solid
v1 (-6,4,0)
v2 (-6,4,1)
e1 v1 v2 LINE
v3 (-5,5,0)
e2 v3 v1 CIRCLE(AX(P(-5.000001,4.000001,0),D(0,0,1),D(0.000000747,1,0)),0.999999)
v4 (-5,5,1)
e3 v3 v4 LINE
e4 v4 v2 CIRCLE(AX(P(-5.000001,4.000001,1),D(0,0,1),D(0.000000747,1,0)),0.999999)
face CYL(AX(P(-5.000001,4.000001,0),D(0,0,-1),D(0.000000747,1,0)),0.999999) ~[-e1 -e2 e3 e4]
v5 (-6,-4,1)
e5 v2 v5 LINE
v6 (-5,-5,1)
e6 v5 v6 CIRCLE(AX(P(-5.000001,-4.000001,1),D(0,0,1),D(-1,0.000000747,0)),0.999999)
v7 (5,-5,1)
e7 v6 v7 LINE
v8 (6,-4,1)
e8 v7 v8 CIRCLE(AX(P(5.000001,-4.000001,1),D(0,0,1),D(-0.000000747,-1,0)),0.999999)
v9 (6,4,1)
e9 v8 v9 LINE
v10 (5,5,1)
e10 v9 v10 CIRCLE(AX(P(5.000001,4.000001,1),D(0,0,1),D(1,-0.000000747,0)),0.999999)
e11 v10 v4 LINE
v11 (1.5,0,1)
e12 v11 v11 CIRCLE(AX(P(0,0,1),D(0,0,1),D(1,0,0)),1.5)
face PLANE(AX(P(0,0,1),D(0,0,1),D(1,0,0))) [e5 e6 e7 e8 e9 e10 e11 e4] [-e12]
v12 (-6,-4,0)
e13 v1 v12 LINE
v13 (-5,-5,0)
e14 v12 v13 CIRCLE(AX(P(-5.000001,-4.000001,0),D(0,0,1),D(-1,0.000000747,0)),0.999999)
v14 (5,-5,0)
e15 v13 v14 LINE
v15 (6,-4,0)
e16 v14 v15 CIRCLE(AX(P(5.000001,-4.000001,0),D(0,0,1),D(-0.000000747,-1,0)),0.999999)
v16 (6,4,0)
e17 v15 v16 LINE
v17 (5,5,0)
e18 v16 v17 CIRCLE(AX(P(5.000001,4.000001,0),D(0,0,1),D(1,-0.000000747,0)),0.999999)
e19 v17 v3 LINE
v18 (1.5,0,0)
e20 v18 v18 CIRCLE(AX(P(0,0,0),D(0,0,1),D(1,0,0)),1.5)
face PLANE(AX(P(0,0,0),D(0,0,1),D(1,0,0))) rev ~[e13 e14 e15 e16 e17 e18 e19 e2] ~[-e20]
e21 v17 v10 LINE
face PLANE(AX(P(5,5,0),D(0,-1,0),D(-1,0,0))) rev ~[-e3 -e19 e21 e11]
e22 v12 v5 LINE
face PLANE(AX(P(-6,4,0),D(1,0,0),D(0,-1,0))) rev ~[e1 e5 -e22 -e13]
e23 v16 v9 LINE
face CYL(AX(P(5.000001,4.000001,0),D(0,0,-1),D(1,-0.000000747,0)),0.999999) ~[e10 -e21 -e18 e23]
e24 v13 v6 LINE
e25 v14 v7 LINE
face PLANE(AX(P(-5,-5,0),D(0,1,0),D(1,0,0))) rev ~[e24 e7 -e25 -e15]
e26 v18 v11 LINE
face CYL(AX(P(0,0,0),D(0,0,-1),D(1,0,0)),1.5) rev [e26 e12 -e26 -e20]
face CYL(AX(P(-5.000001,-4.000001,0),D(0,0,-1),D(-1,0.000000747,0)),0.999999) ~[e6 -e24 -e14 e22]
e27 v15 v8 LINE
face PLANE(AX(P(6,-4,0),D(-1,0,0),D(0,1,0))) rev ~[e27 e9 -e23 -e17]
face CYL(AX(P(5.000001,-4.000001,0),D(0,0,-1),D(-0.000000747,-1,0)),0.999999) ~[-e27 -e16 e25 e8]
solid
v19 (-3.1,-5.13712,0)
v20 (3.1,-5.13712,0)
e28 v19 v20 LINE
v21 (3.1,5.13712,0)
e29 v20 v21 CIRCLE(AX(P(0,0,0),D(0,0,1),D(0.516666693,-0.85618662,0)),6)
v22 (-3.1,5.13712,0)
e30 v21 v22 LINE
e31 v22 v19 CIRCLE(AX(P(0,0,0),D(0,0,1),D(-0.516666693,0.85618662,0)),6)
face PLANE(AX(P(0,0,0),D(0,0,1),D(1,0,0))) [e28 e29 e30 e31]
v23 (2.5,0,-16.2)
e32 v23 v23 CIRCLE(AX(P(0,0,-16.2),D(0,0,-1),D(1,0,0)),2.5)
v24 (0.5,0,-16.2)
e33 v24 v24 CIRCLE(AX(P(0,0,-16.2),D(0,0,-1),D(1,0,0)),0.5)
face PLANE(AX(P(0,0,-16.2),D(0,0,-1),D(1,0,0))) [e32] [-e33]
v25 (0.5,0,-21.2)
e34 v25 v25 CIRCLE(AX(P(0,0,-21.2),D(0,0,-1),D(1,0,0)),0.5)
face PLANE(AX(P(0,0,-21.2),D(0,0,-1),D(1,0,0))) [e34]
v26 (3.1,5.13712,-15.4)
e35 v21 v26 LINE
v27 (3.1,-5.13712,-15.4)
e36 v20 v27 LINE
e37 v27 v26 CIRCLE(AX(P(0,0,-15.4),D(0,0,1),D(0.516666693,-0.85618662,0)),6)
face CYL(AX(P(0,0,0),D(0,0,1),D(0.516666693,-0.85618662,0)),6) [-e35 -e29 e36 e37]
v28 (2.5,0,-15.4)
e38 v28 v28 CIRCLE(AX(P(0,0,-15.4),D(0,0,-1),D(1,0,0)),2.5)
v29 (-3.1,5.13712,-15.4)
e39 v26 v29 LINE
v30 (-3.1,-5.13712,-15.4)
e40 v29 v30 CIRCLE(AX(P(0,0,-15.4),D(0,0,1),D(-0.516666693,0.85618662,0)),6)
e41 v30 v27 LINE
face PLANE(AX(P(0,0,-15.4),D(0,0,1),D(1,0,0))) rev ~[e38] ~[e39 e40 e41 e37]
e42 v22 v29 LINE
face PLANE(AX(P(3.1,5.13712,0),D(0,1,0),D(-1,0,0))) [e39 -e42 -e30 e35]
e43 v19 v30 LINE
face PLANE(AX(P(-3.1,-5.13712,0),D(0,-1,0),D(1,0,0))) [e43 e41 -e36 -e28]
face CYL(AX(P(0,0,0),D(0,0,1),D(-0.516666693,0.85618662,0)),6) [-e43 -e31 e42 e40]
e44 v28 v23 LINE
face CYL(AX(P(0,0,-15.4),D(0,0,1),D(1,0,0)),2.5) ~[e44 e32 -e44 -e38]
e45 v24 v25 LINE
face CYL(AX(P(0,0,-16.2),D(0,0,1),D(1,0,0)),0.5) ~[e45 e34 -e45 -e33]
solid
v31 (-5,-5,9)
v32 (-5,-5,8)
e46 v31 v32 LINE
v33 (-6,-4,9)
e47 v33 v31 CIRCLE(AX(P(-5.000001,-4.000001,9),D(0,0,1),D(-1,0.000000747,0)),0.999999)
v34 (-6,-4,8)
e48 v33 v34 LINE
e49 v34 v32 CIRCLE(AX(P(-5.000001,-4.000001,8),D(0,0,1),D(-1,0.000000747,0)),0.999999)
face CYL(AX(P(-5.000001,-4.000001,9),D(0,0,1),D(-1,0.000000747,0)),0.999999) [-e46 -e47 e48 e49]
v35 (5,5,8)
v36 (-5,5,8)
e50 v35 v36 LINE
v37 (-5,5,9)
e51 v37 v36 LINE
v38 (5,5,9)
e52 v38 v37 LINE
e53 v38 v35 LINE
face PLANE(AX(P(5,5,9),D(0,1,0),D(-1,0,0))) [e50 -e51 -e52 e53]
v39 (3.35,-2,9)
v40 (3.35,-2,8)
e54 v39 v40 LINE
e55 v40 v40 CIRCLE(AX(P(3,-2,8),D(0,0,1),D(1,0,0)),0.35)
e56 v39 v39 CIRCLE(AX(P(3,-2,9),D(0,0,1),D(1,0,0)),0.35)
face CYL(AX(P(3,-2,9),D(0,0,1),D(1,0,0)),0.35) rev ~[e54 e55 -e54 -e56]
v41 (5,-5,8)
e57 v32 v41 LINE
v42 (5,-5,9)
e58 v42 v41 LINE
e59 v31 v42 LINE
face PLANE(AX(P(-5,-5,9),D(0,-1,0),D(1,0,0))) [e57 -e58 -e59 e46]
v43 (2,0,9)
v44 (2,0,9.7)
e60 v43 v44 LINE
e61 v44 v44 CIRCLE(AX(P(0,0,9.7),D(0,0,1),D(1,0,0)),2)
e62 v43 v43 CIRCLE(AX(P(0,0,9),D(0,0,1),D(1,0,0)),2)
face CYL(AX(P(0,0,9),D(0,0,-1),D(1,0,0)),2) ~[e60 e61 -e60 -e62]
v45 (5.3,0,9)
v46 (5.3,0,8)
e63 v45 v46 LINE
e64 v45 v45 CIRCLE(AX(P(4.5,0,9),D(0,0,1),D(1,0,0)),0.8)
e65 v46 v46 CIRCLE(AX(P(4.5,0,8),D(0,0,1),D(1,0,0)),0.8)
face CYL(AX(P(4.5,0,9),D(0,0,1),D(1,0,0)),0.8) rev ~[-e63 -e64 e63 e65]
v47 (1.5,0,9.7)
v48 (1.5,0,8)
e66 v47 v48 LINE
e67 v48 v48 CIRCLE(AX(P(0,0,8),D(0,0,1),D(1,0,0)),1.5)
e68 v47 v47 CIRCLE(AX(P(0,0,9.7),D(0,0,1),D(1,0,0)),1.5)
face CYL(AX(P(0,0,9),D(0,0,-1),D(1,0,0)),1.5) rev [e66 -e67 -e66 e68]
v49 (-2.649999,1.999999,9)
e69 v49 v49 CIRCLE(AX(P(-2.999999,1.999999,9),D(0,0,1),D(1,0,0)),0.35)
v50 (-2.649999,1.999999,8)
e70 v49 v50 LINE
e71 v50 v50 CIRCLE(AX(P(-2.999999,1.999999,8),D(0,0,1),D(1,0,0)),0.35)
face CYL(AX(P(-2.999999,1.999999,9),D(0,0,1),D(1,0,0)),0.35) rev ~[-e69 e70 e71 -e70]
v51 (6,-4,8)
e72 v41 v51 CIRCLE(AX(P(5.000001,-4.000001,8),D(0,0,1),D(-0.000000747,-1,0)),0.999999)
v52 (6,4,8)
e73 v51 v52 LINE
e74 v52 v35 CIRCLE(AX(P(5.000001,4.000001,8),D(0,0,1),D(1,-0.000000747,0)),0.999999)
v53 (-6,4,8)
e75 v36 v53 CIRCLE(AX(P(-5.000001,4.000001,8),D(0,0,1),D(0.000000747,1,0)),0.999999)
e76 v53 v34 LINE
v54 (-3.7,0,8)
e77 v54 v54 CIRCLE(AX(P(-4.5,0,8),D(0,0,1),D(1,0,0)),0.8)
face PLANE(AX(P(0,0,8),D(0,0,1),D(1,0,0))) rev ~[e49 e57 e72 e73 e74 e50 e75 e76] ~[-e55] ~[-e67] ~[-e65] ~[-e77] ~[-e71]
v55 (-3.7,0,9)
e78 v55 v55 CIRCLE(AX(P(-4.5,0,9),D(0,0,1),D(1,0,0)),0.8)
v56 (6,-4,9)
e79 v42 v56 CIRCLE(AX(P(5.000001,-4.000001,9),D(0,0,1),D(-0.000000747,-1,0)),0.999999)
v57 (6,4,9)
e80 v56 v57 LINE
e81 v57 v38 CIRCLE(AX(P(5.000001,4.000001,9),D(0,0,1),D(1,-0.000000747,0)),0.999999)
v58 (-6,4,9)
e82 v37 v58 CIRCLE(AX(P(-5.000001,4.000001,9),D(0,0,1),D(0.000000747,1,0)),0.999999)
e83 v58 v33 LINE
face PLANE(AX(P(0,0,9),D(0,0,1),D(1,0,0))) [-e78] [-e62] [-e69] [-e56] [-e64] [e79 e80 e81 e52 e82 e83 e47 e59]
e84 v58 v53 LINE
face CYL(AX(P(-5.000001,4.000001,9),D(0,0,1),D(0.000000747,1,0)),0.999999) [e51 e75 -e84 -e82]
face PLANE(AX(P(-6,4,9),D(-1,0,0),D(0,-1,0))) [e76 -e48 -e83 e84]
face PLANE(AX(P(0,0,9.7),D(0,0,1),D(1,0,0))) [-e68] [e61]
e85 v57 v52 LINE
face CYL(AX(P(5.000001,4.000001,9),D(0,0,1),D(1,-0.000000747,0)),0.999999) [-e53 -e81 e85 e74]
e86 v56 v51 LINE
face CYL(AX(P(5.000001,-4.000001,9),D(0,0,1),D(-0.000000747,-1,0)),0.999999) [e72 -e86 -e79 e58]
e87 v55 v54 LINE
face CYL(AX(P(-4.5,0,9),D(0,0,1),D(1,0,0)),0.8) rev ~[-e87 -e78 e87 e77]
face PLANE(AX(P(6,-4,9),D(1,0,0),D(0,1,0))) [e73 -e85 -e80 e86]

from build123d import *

# Parameters (mm, degrees)
F1_DEPTH  = 15.4
F2_R      = 2.5
F3_DEPTH  = 0.8
F4_R      = 0.5
F5_DEPTH  = 5
F6_R      = 1.5
F7_DEPTH  = 1
F9_R      = 0.35
F9_R_2    = 0.8
F9_R_3    = 1.5
F10_DEPTH = 1
F11_R     = 2
F11_R_2   = 1.5
F12_DEPTH = 0.7


with BuildPart() as f1:
    # F0 (on Top) → F1 (new body)
    with BuildSketch(Plane.XY):
        with BuildLine():
            Line((3.1, 5.13712), (-3.1, 5.13712))
            ThreePointArc((-3.1, 5.13712), (-6, 0), (-3.1, -5.13712))
            Line((-3.1, -5.13712), (3.1, -5.13712))
            ThreePointArc((3.1, -5.13712), (6, 0), (3.1, 5.13712))
        make_face()
    extrude(amount=-F1_DEPTH)

    # F2 (on face) → F3 (join)
    with BuildSketch(Plane(origin=(0, 0, -15.4), x_dir=(1, 0, 0), z_dir=(0, 0, -1))):
        Circle(F2_R)
    extrude(amount=F3_DEPTH)

    # F4 (on face) → F5 (join)
    with BuildSketch(Plane(origin=(0, 0, -16.2), x_dir=(1, 0, 0), z_dir=(0, 0, -1))):
        Circle(F4_R)
    extrude(amount=F5_DEPTH)


with BuildPart() as f7:
    # F6 (on face) → F7 (new body)
    with BuildSketch(Plane.XY):
        with BuildLine():
            ThreePointArc((-6, -4), (-5.707107, -4.707107), (-5, -5))
            Line((-5, -5), (5, -5))
            ThreePointArc((5, -5), (5.707107, -4.707107), (6, -4))
            Line((6, -4), (6, 4))
            ThreePointArc((6, 4), (5.707107, 4.707107), (5, 5))
            Line((5, 5), (-5, 5))
            ThreePointArc((-5, 5), (-5.707107, 4.707107), (-6, 4))
            Line((-6, 4), (-6, -4))
        make_face()
        Circle(F6_R, mode=Mode.SUBTRACT)
    extrude(amount=F7_DEPTH)


with BuildPart() as f10:
    # F9 (on offset) → F10 (new body)
    with BuildSketch(Plane.XY.offset(9)):
        with BuildLine():
            ThreePointArc((-6, -4), (-5.707107, -4.707107), (-5, -5))
            Line((-5, -5), (5, -5))
            ThreePointArc((5, -5), (5.707107, -4.707107), (6, -4))
            Line((6, -4), (6, 4))
            ThreePointArc((6, 4), (5.707107, 4.707107), (5, 5))
            Line((5, 5), (-5, 5))
            ThreePointArc((-5, 5), (-5.707107, 4.707107), (-6, 4))
            Line((-6, 4), (-6, -4))
        make_face()
        with Locations((3, -2)):
            Circle(F9_R, mode=Mode.SUBTRACT)
        with Locations((-4.5, 0)):
            Circle(F9_R_2, mode=Mode.SUBTRACT)
        with Locations((-2.999999, 1.999999)):
            Circle(F9_R, mode=Mode.SUBTRACT)
        Circle(F9_R_3, mode=Mode.SUBTRACT)
        with Locations((4.5, 0)):
            Circle(F9_R_2, mode=Mode.SUBTRACT)
    extrude(amount=-F10_DEPTH)

    # F11 (on face) → F12 (join)
    with BuildSketch(Plane.XY.offset(9)):
        Circle(F11_R)
        Circle(F11_R_2, mode=Mode.SUBTRACT)
    extrude(amount=F12_DEPTH)


solid = Compound([f1.part, f7.part, f10.part])
